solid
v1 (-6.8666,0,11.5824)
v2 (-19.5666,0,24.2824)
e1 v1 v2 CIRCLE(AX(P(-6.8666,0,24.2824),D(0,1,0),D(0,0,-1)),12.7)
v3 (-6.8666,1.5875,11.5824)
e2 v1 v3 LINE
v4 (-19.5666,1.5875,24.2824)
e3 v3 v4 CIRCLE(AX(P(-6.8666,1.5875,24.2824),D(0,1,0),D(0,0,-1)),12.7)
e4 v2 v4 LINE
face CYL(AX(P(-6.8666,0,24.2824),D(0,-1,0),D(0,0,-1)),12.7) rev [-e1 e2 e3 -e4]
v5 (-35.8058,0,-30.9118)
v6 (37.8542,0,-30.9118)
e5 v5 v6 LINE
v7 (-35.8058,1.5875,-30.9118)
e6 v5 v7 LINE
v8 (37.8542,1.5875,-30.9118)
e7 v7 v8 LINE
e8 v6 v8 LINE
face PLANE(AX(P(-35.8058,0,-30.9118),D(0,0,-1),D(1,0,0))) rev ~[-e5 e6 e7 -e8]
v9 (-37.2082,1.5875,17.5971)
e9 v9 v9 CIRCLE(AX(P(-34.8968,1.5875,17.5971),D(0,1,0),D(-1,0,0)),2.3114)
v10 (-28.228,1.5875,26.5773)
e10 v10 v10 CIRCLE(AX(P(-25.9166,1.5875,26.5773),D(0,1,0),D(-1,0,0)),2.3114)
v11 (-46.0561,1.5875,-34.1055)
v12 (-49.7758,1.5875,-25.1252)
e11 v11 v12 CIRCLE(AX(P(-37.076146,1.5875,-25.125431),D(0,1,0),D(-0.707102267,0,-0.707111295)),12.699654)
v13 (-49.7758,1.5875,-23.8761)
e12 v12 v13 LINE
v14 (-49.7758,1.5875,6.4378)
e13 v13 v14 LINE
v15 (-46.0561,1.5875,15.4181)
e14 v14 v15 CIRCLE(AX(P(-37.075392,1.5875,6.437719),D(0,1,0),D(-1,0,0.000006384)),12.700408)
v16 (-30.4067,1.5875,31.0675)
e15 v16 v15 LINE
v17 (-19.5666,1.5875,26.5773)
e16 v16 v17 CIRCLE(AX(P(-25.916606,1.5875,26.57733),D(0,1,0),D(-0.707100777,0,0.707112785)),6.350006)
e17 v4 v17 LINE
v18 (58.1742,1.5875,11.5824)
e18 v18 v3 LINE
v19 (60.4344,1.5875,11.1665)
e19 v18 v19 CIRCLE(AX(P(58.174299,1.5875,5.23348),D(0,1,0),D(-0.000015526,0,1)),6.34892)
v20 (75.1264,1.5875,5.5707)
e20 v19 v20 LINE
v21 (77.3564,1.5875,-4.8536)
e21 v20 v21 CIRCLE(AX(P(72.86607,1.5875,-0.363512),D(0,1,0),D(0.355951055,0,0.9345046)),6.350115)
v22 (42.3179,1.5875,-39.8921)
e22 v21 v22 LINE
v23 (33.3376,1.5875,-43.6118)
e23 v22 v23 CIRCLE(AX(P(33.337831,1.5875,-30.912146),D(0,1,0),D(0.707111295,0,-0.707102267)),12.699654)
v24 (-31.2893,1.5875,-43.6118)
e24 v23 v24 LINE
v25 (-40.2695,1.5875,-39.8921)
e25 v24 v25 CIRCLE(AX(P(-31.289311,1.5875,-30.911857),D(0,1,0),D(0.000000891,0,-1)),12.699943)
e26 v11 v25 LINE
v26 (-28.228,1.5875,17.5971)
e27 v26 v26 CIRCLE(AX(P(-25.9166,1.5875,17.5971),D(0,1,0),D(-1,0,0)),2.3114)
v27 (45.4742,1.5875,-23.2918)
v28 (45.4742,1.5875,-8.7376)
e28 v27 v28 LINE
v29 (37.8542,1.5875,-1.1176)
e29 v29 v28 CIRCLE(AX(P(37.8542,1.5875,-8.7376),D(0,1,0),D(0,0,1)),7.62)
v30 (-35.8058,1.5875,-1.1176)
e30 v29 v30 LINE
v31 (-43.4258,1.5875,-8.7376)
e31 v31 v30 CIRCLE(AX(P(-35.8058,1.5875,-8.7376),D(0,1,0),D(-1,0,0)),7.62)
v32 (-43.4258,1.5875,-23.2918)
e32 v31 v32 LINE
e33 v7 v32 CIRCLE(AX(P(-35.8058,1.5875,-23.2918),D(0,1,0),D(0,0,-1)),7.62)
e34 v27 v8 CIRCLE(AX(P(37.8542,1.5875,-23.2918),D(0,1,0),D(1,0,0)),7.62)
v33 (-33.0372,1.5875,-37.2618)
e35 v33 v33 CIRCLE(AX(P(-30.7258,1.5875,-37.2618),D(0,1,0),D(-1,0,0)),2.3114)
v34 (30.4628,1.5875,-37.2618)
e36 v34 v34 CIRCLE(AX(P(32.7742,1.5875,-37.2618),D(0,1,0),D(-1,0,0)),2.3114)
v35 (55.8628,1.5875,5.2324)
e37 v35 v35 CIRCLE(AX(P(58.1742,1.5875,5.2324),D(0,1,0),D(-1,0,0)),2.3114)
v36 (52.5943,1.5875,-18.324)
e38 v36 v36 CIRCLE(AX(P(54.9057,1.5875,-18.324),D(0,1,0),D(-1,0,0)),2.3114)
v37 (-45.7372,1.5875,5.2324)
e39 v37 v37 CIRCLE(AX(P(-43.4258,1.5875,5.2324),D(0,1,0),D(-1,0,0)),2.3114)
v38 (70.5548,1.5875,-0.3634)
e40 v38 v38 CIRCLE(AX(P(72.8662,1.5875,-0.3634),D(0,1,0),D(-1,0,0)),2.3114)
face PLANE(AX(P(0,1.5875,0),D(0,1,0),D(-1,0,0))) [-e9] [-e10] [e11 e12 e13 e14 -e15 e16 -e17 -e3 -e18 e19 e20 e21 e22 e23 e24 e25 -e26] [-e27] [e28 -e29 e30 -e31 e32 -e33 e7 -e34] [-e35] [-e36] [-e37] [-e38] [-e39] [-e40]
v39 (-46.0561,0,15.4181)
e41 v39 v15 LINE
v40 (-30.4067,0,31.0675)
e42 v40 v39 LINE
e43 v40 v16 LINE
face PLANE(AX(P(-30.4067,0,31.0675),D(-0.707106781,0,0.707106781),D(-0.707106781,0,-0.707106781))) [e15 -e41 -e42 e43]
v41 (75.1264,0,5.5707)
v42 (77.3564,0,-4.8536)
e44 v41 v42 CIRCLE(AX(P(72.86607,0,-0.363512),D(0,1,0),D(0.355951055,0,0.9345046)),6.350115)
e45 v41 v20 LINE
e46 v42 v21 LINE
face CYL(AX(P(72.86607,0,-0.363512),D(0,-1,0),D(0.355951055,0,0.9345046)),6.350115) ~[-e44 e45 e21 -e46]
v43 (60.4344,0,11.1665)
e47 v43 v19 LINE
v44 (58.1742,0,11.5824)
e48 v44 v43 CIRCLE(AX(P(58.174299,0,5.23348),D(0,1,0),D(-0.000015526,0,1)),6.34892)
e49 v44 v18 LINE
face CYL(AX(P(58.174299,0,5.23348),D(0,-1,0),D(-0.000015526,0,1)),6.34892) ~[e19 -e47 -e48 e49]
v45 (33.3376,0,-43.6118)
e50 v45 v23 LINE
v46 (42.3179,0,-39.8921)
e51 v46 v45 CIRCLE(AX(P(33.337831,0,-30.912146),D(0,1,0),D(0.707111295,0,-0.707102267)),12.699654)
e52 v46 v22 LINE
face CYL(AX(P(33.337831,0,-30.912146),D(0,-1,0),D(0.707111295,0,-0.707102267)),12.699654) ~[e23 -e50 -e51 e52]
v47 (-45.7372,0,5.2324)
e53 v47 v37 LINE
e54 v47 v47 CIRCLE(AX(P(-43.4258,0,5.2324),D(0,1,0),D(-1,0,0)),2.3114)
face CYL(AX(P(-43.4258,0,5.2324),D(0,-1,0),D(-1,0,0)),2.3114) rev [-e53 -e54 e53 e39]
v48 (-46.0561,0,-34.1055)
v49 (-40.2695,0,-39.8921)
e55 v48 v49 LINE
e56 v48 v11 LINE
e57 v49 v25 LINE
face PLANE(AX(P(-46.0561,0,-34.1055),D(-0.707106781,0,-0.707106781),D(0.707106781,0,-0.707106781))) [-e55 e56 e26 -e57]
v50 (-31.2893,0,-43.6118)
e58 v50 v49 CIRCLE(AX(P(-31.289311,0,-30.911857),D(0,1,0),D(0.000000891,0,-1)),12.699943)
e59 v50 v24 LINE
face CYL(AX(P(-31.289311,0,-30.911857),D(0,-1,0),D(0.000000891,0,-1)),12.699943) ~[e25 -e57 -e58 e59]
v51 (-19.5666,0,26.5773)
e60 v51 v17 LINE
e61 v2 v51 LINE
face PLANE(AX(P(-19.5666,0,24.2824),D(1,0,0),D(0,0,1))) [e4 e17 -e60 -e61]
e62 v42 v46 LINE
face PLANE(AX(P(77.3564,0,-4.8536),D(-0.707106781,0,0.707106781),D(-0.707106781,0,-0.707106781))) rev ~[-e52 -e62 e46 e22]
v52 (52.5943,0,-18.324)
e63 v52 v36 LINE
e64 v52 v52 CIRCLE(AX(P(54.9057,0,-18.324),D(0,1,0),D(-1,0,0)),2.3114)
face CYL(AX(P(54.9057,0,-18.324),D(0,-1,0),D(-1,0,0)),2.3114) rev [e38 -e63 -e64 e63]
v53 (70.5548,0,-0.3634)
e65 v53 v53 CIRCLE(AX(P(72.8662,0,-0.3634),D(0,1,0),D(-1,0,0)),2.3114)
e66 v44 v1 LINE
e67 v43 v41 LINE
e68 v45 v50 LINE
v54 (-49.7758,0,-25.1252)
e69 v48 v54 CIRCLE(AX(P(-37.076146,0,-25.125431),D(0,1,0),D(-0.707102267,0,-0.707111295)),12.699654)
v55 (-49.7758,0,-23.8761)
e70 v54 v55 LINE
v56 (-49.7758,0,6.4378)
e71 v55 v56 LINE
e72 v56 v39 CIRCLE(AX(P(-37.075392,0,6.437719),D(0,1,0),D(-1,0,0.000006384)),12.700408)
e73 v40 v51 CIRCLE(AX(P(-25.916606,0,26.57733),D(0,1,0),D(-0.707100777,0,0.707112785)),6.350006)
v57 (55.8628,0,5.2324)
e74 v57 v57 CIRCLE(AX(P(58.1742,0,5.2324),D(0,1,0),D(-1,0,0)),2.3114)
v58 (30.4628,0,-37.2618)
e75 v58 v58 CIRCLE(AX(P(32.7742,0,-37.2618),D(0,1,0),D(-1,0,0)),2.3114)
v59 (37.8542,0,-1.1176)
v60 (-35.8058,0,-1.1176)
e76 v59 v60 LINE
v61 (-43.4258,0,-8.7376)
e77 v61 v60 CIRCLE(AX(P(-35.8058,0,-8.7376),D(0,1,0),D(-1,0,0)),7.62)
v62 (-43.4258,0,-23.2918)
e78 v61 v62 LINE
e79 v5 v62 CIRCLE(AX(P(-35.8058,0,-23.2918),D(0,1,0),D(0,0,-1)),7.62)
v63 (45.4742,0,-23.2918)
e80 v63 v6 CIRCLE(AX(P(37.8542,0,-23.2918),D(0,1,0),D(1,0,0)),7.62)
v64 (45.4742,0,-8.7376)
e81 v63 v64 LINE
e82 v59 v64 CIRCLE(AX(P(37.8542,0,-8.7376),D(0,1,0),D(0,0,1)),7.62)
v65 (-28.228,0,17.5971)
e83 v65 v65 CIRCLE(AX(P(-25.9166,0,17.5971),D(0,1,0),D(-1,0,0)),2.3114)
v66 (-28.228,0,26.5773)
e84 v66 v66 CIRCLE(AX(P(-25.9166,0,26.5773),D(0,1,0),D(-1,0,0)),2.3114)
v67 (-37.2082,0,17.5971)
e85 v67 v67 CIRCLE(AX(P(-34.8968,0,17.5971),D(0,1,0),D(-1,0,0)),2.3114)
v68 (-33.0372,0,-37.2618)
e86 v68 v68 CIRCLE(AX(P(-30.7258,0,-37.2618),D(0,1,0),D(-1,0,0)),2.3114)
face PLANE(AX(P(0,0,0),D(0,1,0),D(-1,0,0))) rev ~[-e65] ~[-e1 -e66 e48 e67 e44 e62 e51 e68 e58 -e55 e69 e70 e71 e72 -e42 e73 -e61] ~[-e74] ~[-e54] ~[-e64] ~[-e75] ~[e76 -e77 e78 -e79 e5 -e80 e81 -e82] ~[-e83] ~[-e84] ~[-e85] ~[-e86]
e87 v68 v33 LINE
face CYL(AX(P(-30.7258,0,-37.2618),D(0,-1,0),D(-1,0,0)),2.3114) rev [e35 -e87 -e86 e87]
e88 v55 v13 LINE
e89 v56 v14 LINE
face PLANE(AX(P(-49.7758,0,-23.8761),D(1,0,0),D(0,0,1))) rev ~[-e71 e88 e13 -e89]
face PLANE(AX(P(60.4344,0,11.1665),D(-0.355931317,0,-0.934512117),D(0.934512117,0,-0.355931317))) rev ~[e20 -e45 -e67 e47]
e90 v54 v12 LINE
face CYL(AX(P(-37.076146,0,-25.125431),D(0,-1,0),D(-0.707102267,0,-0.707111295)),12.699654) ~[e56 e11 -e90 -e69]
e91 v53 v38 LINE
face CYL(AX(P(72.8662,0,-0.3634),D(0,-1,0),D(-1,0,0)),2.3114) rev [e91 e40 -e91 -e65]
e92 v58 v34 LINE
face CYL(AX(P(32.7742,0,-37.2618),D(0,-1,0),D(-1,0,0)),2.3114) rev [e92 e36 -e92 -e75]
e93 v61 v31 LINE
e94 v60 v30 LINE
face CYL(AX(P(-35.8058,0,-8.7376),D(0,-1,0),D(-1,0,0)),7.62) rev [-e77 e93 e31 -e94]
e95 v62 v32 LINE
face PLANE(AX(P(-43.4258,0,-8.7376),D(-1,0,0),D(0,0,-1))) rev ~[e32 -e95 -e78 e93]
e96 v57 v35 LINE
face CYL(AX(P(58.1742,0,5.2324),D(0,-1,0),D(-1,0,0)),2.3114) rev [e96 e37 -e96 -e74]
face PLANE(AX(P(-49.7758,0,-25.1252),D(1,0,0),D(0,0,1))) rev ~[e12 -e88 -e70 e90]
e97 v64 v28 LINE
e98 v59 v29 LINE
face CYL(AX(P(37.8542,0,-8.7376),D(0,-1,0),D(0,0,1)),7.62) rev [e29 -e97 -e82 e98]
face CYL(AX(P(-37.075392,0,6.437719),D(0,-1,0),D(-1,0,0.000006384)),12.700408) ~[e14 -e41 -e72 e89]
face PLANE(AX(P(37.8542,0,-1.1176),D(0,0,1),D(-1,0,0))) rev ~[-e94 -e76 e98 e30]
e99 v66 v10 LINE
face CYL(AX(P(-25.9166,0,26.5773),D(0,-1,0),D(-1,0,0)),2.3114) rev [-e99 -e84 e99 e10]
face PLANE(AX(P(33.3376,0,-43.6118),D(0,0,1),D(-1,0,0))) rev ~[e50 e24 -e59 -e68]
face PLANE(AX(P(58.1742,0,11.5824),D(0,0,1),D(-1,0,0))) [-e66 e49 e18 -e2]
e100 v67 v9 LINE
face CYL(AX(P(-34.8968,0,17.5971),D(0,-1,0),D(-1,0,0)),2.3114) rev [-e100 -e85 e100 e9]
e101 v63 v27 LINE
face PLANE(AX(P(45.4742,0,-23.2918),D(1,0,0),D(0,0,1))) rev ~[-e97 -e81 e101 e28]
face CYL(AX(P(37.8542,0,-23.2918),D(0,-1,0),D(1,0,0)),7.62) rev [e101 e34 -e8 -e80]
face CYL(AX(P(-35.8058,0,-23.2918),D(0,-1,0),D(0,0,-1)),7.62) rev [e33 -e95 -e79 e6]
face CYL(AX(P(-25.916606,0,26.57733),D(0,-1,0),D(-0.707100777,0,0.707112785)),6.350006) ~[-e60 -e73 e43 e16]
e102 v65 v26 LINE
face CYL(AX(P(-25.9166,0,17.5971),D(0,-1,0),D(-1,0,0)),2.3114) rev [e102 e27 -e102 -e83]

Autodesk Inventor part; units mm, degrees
ref_plane "YZ Plane" through (0, 0, 0) normal (1, 0, 0) x (0, 1, 0)
ref_plane "XZ Plane" through (0, 0, 0) normal (0, 1, 0) x (-1, 0, 0)
ref_plane "XY Plane" through (0, 0, 0) normal (0, 0, 1) x (1, 0, 0)
sketch "Sketch1" plane through (0, 0, 0) normal (0, 1, 0) x (-1, 0, 0)
  line L0 (-37.8542, -1.1176) -> (35.8058, -1.1176)
  line L1 (43.4258, -8.7376) -> (43.4258, -23.2918)
  line L2 (35.8058, -30.9118) -> (-37.8542, -30.9118)
  line L3 (-45.4742, -23.2918) -> (-45.4742, -8.7376)
  arc A0 (-37.8542, -1.1176) -> (-45.4742, -8.7376) centre (-37.8542, -8.7376) ccw
  arc A1 (-45.4742, -23.2918) -> (-37.8542, -30.9118) centre (-37.8542, -23.2918) ccw
  arc A2 (35.8058, -30.9118) -> (43.4258, -23.2918) centre (35.8058, -23.2918) ccw
  arc A3 (43.4258, -8.7376) -> (35.8058, -1.1176) centre (35.8058, -8.7376) ccw
  circle A4 centre (-72.8662, -0.3634) radius 2.3114
  circle A5 centre (-54.9057, -18.324) radius 2.3114
  circle A6 centre (-58.1742, 5.2324) radius 2.3114
  circle A7 centre (-32.7742, -37.2618) radius 2.3114
  circle A8 centre (30.7258, -37.2618) radius 2.3114
  circle A9 centre (43.4258, 5.2324) radius 2.3114
  circle A10 centre (34.8968, 17.5971) radius 2.3114
  circle A11 centre (25.9166, 26.5773) radius 2.3114
  circle A12 centre (25.9166, 17.5971) radius 2.3114
  arc A13 (30.4067, 31.0675) -> (19.5666, 26.5773) centre (25.9166, 26.5773) ccw
  arc A14 (-75.1264, 5.5707) -> (-77.3564, -4.8536) centre (-72.8662, -0.3634) ccw
  arc A15 (-58.1742, 11.5824) -> (-60.4344, 11.1665) centre (-58.1742, 5.2324) ccw
  line L4 (35.8058, -30.9118) -> (-37.8542, -30.9118)
  line L5 (-33.3376, -43.6118) -> (31.2893, -43.6118)
  line L6 (19.5666, 24.2824) -> (19.5666, 26.5773)
  line L7 (30.4067, 31.0675) -> (46.0561, 15.4181)
  line L8 (-60.4344, 11.1665) -> (-75.1264, 5.5707)
  line L9 (-77.3564, -4.8536) -> (-42.3179, -39.8921)
  line L10 (-58.1742, 11.5824) -> (6.8666, 11.5824)
  arc A16 (-42.3179, -39.8921) -> (-33.3376, -43.6118) centre (-33.3376, -30.9118) ccw
  arc A17 (6.8666, 11.5824) -> (19.5666, 24.2824) centre (6.8666, 24.2824) ccw
  arc A18 (49.7105, -23.8394) -> (49.7758, -23.8761) centre (52.8574, -18.324) ccw
  line L11 (46.0561, -34.1055) -> (40.2695, -39.8921)
  arc A19 (31.2893, -43.6118) -> (40.2695, -39.8921) centre (31.2893, -30.9118) ccw
  line L12 (49.7758, -25.1252) -> (49.7758, 6.4378)
  arc A20 (46.0561, -34.1055) -> (49.7758, -25.1252) centre (37.0758, -25.1252) ccw
  arc A21 (49.7758, 6.4378) -> (46.0561, 15.4181) centre (37.0758, 6.4378) ccw
  point P0 (0, 0)
  point P1 (43.4258, -1.1176)
  point P2 (-45.4742, -30.9118)
  dimension "d2" = 7.62
  dimension "d20" = 29.7942
  dimension "d21" = 12.7
extrude "Extrusion1" add sketch "Sketch1" along normal blind 1.5875
properties part number "gusset-2-3.25-full-brace-no-front"
